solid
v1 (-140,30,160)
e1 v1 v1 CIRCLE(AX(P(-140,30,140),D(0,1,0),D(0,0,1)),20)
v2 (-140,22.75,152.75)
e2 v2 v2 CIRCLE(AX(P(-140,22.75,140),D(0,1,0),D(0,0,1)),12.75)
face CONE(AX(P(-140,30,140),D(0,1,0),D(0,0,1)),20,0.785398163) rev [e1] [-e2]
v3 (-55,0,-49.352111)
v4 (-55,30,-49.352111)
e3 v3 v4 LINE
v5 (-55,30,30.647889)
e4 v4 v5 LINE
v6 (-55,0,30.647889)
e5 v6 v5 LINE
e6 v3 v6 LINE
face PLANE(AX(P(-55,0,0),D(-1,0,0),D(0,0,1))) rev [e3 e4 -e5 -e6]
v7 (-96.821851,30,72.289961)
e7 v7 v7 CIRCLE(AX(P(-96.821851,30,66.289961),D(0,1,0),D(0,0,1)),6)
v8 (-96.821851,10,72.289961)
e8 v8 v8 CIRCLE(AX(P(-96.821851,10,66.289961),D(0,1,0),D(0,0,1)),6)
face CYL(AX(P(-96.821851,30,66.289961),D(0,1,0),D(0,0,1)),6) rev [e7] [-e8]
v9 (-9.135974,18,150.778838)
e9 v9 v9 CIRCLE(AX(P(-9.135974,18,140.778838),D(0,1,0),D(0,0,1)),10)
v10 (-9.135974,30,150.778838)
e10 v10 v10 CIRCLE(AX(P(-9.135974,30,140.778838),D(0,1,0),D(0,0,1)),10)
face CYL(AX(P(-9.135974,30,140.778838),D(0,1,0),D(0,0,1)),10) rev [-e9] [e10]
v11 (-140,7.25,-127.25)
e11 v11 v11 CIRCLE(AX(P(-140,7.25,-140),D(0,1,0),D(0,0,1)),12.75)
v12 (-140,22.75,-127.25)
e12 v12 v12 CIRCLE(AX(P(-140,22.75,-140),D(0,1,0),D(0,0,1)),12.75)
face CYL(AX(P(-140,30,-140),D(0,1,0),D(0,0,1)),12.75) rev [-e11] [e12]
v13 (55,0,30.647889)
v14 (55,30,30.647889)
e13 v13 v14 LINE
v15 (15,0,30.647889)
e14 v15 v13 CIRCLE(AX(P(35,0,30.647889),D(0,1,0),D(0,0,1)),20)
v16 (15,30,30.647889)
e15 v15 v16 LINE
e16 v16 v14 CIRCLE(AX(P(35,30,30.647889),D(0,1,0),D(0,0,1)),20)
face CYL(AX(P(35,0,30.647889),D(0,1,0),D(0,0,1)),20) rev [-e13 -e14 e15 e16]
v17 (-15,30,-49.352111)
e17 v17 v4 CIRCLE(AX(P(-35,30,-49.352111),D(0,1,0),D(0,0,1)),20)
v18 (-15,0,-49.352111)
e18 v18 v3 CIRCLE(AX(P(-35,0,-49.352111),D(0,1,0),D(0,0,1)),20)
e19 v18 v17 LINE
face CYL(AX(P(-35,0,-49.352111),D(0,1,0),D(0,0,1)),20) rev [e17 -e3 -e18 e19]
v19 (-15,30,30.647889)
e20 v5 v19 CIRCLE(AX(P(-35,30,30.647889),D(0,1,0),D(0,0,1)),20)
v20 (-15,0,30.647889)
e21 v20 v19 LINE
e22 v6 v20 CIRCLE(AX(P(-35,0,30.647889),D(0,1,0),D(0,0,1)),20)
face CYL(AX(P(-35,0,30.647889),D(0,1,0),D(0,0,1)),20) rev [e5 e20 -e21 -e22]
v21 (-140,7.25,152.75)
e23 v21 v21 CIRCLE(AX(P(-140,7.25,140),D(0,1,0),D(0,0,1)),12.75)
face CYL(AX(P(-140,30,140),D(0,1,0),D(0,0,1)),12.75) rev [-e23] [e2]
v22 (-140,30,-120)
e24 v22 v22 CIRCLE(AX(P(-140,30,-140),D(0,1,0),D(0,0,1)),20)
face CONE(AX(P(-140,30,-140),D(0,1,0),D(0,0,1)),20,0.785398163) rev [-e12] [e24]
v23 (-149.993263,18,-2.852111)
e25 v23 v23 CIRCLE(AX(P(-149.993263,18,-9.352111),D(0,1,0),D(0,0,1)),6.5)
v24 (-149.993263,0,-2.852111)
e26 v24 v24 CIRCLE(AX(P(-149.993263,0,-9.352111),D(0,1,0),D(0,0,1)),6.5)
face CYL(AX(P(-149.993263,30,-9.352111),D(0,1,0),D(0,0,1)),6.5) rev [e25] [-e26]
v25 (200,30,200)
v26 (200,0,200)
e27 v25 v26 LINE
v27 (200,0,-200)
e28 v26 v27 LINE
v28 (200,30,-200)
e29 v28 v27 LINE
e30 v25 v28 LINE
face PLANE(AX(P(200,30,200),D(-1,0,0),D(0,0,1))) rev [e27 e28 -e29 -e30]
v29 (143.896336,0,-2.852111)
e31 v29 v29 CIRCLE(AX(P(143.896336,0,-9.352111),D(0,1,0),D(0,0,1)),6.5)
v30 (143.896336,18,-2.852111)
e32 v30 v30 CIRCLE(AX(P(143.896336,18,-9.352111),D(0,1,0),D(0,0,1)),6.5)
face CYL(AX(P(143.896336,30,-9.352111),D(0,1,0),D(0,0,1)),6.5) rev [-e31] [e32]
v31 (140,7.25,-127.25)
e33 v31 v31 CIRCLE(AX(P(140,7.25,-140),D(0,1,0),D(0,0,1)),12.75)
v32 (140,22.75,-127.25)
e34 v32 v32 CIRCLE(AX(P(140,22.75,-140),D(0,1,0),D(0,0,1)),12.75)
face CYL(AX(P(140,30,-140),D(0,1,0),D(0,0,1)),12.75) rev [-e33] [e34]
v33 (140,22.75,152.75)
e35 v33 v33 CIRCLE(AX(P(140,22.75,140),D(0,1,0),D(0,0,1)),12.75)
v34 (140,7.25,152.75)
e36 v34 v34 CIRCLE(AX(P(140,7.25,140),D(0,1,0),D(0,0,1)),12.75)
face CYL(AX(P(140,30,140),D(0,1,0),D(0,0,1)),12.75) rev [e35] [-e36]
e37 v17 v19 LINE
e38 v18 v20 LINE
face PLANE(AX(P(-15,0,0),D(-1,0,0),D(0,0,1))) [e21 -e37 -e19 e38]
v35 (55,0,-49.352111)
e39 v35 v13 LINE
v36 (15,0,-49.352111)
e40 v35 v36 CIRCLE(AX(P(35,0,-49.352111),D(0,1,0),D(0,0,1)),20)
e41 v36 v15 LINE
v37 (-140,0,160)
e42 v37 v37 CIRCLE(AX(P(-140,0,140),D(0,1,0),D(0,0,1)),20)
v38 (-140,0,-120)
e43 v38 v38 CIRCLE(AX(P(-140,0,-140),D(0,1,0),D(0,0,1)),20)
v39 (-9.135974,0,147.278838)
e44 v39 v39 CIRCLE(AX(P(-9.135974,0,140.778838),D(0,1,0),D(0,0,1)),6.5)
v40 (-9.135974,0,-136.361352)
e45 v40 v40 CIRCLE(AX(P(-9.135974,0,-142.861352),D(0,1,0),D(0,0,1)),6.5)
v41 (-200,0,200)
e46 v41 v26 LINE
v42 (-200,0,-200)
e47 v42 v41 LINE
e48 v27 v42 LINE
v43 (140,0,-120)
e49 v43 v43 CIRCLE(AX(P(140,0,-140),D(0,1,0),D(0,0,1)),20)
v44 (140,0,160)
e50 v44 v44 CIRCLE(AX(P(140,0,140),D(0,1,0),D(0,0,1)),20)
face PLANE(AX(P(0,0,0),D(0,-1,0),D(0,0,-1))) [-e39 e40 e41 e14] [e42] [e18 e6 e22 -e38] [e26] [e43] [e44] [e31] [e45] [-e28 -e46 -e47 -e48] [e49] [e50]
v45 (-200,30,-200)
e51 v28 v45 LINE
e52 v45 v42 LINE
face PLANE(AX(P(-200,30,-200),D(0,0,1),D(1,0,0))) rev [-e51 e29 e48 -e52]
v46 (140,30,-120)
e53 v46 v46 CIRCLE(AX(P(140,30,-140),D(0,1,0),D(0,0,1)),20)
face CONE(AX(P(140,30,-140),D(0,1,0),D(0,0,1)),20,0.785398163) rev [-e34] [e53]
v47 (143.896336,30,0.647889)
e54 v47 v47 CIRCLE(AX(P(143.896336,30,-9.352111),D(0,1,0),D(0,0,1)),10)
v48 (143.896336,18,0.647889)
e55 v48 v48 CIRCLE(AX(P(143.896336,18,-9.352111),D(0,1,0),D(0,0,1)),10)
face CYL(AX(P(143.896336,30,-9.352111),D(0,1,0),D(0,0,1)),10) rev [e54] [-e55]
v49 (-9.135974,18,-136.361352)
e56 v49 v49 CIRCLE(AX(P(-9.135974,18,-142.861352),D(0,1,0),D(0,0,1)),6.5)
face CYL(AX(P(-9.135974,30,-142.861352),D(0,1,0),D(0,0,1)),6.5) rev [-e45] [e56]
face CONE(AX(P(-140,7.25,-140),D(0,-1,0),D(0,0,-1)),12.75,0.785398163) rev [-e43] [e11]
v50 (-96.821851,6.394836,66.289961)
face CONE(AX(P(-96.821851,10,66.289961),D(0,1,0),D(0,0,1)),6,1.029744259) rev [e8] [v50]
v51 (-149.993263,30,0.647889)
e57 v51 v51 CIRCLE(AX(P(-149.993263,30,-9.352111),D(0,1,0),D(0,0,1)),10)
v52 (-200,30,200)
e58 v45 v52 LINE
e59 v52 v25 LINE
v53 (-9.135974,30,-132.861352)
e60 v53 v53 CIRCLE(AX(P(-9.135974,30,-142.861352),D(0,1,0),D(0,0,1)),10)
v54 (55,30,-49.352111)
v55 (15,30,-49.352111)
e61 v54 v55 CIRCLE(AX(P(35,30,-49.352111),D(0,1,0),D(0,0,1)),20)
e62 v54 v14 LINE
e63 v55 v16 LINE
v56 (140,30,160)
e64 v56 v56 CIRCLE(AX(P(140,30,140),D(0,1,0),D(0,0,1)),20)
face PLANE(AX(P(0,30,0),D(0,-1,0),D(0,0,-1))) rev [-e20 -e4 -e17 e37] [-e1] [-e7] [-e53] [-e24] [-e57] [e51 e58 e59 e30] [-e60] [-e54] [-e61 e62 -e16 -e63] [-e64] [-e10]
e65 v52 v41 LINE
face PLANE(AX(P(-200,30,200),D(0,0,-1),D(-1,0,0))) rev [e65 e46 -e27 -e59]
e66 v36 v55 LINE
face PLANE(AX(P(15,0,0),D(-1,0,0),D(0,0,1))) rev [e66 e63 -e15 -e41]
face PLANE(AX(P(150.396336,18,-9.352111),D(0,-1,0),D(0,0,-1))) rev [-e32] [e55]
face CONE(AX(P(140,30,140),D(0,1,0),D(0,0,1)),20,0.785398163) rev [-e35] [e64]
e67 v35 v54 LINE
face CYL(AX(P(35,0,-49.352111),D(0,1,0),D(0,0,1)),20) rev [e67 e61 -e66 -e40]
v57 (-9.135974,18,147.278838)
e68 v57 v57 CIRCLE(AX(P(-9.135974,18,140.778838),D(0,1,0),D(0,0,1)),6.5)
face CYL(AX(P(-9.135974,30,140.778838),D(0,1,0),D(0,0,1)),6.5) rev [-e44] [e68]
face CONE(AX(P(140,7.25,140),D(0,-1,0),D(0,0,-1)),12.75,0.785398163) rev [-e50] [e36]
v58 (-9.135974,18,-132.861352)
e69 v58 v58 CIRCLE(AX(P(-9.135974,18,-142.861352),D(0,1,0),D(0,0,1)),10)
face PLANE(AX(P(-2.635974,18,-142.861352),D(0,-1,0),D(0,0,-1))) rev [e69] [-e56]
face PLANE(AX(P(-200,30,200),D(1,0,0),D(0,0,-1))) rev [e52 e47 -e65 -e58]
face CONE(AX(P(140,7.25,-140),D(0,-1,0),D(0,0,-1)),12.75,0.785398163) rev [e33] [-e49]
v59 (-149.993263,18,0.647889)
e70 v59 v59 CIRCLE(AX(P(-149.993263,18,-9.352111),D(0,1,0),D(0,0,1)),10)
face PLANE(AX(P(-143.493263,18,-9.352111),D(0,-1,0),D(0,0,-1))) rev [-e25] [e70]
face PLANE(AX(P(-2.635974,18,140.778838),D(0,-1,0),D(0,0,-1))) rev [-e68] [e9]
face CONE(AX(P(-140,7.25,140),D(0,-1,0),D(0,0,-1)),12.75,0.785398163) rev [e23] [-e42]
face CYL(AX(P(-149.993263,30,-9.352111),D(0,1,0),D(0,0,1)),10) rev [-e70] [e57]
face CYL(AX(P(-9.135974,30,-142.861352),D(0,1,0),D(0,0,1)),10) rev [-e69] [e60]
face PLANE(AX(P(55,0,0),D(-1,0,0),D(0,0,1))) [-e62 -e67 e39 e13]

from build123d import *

# Parameters (mm, degrees)
IZIM1_W                          = 400
IZIM1_H                          = 400
Y_KSEKLIK_EKSTR_ZYON1_DEPTH      = 30
F_25_5_25_5_AP_DELIK1_AT_2_COUNT = 2
F_25_5_25_5_AP_DELIK1_AT_2_PITCH = 280
F_25_5_25_5_AP_DELIK1_AT_3_COUNT = 2
F_25_5_25_5_AP_DELIK1_AT_3_PITCH = 280
F_25_5_25_5_AP_DELIK1_AT_4_COUNT = 2
F_25_5_25_5_AP_DELIK1_AT_4_PITCH = 395.979797464
KES_EKSTR_ZYON3_DEPTH            = 30
M12_SHCS_IN_HAV_A1_D             = 13
M12_SHCS_IN_HAV_A1_CBORE_D       = 20
M12_SHCS_IN_HAV_A1_CBORE_DEPTH   = 12
M14X2_0_DI_LI_DELIK1_D           = 12
M14X2_0_DI_LI_DELIK1_DEPTH       = 20
M14X2_0_DI_LI_DELIK1_TIP         = 3.605163714


with BuildPart() as part:
    # Çizim1 → Yükseklik-Ekstrüzyon1 (new body)
    with BuildSketch(Plane(origin=(0, 0, 0), x_dir=(1, 0, 0), z_dir=(0, 1, 0))):
        Rectangle(IZIM1_W, IZIM1_H)
    extrude(amount=Y_KSEKLIK_EKSTR_ZYON1_DEPTH)

    # Çizim3 → Ø25.5 (25.5) Çap Delik1 (revolve, cut)
    with BuildSketch(Plane(origin=(-140, 30, 140), x_dir=(0, 0, 1), z_dir=(1, 0, 0))):
        Polygon((0, 0), (0, 30), (20, 30), (12.75, 22.75), (12.75, 7.25), (20, 0), align=None)
    f_25_5_25_5_ap_delik1 = revolve(axis=Axis((-140, 36.35, 140), (0, -1, 0)), mode=Mode.SUBTRACT)

    # Ø25.5 (25.5) Çap Delik1 at 2: Ø25.5 (25.5) Çap Delik1 ×2
    with Locations(*[(0, 0, -i * F_25_5_25_5_AP_DELIK1_AT_2_PITCH) for i in range(1, F_25_5_25_5_AP_DELIK1_AT_2_COUNT)]):
        add(f_25_5_25_5_ap_delik1, mode=Mode.SUBTRACT)

    # Ø25.5 (25.5) Çap Delik1 at 3: Ø25.5 (25.5) Çap Delik1 ×2
    with Locations(*[(i * F_25_5_25_5_AP_DELIK1_AT_3_PITCH, 0, 0) for i in range(1, F_25_5_25_5_AP_DELIK1_AT_3_COUNT)]):
        add(f_25_5_25_5_ap_delik1, mode=Mode.SUBTRACT)

    # Ø25.5 (25.5) Çap Delik1 at 4: Ø25.5 (25.5) Çap Delik1 ×2
    with Locations(*[Vector(0.7071067811865476, 0, -0.7071067811865476) * (i * F_25_5_25_5_AP_DELIK1_AT_4_PITCH) for i in range(1, F_25_5_25_5_AP_DELIK1_AT_4_COUNT)]):
        add(f_25_5_25_5_ap_delik1, mode=Mode.SUBTRACT)

    # Çizim4 → Kes-Ekstrüzyon3 (cut)
    with BuildSketch(Plane(origin=(0, 30, 0), x_dir=(1, 0, 0), z_dir=(0, 1, 0))):
        with BuildLine():
            Line((-15, 49.352110618), (-15, -30.647889382))
            ThreePointArc((-15, -30.647889382), (-35, -50.647889382), (-55, -30.647889382))
            Line((-55, -30.647889382), (-55, 49.352110618))
            ThreePointArc((-55, 49.352110618), (-35, 69.352110618), (-15, 49.352110618))
        make_face()
        with BuildLine():
            Line((55, 49.352110618), (55, -30.647889382))
            ThreePointArc((55, -30.647889382), (35, -50.647889382), (15, -30.647889382))
            Line((15, -30.647889382), (15, 49.352110618))
            ThreePointArc((15, 49.352110618), (35, 69.352110618), (55, 49.352110618))
        make_face()
    extrude(amount=-KES_EKSTR_ZYON3_DEPTH, mode=Mode.SUBTRACT)

    # M12 SHCS İçin Havşa1 (through all)
    with Locations(Plane(origin=(0, 30, 0), x_dir=(1, 0, 0), z_dir=(0, 1, 0))):
        with Locations((-9.135973947, -140.778837954), (-149.99326257, 9.352110618), (-9.135973947, 142.861352041), (143.896335676, 9.352110618)):
            CounterBoreHole(M12_SHCS_IN_HAV_A1_D / 2, M12_SHCS_IN_HAV_A1_CBORE_D / 2, M12_SHCS_IN_HAV_A1_CBORE_DEPTH)

    # M14x2.0 Dişli Delik1
    with Locations(Plane(origin=(0, 30, 0), x_dir=(1, 0, 0), z_dir=(0, 1, 0))):
        with Locations((-96.821851103, -66.289960557)):
            Hole(M14X2_0_DI_LI_DELIK1_D / 2, depth=M14X2_0_DI_LI_DELIK1_DEPTH)
            with Locations((0, 0, -(M14X2_0_DI_LI_DELIK1_DEPTH + M14X2_0_DI_LI_DELIK1_TIP / 2))):  # 118° drill point
                Cone(0, M14X2_0_DI_LI_DELIK1_D / 2, M14X2_0_DI_LI_DELIK1_TIP, mode=Mode.SUBTRACT)


solid = part.part
